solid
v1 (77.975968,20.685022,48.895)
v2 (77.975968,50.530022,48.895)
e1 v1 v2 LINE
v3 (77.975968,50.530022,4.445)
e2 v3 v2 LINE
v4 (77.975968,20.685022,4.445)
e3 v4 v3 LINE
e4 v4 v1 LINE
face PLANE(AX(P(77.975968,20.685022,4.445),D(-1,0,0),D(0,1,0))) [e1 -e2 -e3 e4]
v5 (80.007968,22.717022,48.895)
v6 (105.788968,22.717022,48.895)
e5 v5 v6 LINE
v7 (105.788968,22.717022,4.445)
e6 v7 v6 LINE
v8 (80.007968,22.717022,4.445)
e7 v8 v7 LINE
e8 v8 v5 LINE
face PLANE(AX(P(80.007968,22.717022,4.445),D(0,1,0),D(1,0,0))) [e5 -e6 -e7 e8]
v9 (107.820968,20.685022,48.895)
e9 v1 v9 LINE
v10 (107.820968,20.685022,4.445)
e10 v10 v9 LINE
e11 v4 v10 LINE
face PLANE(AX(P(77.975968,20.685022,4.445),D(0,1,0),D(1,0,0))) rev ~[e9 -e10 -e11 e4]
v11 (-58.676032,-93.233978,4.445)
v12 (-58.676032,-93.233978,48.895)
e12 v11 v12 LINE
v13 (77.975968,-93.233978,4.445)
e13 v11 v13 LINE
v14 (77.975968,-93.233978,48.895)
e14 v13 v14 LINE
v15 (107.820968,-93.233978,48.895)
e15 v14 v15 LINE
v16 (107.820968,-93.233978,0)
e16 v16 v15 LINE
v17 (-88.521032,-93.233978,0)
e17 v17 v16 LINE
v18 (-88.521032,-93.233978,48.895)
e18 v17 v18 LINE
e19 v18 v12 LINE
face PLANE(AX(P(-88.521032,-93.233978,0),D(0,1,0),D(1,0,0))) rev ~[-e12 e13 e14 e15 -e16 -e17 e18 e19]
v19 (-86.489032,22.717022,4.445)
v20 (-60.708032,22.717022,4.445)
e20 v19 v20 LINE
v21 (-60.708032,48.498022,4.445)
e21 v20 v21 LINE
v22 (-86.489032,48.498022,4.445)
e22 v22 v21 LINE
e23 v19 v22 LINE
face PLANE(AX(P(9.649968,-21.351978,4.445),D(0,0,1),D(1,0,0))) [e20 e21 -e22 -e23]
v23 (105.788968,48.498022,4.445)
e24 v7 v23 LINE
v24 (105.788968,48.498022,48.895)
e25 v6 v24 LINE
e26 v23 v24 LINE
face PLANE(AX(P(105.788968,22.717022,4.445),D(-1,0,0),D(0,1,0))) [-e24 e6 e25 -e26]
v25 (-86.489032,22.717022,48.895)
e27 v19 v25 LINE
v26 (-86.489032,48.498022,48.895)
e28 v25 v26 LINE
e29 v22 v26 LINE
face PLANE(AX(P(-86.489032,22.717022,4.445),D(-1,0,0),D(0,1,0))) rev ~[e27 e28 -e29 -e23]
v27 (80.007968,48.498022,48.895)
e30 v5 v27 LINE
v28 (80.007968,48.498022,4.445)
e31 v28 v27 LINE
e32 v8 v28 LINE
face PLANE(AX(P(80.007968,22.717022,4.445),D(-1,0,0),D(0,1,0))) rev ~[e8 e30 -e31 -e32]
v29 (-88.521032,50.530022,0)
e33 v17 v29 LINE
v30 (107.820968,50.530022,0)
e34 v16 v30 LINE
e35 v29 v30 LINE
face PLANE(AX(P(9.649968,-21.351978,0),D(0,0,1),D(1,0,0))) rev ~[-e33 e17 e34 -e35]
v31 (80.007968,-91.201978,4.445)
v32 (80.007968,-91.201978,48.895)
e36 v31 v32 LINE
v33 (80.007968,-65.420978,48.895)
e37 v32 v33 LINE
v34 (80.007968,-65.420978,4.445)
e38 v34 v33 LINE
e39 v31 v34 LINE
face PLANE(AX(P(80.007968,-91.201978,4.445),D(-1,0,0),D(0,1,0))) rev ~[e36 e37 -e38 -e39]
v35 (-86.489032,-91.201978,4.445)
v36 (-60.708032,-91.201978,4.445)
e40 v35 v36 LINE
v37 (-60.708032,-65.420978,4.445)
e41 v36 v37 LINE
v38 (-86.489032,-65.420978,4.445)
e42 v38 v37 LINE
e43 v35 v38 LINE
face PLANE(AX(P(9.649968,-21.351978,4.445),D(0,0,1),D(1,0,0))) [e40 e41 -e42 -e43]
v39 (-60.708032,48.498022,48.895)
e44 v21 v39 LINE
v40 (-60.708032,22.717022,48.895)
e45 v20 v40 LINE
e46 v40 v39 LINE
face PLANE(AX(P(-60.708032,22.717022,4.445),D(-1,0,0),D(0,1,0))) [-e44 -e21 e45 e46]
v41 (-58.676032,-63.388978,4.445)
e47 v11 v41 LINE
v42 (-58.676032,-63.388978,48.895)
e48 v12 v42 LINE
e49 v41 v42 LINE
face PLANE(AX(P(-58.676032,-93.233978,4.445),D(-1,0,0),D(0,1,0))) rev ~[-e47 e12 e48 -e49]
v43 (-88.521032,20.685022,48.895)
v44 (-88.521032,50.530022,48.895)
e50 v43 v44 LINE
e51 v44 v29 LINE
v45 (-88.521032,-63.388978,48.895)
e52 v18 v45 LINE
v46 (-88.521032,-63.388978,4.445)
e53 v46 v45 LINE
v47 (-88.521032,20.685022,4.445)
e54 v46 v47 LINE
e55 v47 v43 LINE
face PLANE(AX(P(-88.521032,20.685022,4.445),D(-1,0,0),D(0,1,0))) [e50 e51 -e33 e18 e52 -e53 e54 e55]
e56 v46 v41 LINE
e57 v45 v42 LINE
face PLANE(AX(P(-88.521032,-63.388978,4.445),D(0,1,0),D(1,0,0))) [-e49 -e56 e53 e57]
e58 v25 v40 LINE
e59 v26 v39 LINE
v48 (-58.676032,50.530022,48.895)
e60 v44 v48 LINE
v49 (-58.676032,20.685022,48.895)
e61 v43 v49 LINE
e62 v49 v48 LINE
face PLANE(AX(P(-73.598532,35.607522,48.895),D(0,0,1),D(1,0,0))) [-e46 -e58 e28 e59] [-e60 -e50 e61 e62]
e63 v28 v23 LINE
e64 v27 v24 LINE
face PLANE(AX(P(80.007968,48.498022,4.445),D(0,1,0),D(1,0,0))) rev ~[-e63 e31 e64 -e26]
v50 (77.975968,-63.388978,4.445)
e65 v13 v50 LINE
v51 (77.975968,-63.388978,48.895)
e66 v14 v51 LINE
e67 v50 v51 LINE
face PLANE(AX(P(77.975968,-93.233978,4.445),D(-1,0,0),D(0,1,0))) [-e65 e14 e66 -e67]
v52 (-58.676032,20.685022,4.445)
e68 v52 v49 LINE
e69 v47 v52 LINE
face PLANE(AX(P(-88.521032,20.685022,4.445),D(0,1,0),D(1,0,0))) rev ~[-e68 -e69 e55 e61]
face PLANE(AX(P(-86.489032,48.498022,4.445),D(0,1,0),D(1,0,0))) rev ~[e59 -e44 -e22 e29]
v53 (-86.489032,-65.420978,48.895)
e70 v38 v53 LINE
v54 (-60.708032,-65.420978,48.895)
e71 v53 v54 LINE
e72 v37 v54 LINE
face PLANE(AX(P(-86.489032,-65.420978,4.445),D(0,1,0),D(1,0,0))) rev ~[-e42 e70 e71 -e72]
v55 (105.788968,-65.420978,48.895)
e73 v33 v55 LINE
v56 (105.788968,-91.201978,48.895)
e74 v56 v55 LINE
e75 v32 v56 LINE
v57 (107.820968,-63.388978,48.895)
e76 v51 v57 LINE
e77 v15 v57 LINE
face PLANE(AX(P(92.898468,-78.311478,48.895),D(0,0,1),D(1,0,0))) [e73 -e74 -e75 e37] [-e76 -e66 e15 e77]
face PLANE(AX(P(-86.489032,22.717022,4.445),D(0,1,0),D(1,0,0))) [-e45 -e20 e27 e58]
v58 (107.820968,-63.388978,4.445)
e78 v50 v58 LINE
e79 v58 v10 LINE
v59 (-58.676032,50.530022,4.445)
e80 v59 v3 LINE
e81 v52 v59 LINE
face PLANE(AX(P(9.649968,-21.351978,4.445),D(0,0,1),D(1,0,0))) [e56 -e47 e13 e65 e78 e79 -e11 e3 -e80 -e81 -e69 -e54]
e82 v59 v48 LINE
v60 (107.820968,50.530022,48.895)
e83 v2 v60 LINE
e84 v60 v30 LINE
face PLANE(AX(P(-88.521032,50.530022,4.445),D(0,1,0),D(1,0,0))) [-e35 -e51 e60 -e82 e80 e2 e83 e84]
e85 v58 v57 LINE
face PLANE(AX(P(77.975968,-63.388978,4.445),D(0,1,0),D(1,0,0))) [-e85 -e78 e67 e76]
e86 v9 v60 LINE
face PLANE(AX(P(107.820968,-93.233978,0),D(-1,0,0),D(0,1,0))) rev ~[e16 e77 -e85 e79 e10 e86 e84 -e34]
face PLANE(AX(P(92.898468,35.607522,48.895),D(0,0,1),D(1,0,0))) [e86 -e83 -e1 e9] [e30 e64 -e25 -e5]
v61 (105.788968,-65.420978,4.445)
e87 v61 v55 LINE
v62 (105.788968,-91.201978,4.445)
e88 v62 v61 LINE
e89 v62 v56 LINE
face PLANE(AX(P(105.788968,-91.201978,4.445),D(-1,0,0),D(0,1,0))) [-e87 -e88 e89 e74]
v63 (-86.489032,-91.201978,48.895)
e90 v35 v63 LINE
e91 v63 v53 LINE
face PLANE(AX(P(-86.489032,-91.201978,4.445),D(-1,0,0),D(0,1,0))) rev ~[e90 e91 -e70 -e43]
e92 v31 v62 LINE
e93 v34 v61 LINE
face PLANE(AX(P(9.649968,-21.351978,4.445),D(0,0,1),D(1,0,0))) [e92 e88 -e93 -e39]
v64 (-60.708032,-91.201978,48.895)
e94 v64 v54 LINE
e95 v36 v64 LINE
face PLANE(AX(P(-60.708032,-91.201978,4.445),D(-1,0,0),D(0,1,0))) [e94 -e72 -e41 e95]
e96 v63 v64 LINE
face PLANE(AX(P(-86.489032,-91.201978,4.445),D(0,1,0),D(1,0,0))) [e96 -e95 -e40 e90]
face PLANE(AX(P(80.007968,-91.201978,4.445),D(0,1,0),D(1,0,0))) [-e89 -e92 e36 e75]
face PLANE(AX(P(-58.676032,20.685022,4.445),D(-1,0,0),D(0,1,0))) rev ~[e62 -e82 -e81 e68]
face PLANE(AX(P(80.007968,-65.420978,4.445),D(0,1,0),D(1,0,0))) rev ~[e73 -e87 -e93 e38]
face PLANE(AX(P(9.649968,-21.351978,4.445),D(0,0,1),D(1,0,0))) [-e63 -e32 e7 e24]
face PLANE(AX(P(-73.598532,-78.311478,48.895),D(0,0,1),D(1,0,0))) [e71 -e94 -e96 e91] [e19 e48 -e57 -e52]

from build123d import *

# Parameters (mm, degrees)
F0_W     = 196.342
F0_H     = 143.764
F1_DEPTH = 4.445
F2_W     = 29.845
F2_H     = 29.845
F2_W_2   = 25.781
F2_H_2   = 25.781
F3_DEPTH = 44.45


with BuildPart() as f1:
    # F0 (on Top) → F1 (new body)
    with BuildSketch(Plane.XY):
        with Locations((9.649968, -21.351978)):
            Rectangle(F0_W, F0_H)
    extrude(amount=F1_DEPTH)

    # F2 (on face) → F3 (join)
    with BuildSketch(Plane.XY.offset(4.445)):
        with Locations((-73.598532, 35.607522)):
            Rectangle(F2_W, F2_H)
        with Locations((-73.598532, 35.607522)):
            Rectangle(F2_W_2, F2_H_2, mode=Mode.SUBTRACT)
        with Locations((92.898468, 35.607522)):
            Rectangle(F2_W, F2_H)
        with Locations((92.898468, 35.607522)):
            Rectangle(F2_W_2, F2_H_2, mode=Mode.SUBTRACT)
        with Locations((92.898468, -78.311478)):
            Rectangle(F2_W, F2_H)
        with Locations((92.898468, -78.311478)):
            Rectangle(F2_W_2, F2_H_2, mode=Mode.SUBTRACT)
        with Locations((-73.598532, -78.311478)):
            Rectangle(F2_W, F2_H)
        with Locations((-73.598532, -78.311478)):
            Rectangle(F2_W_2, F2_H_2, mode=Mode.SUBTRACT)
    extrude(amount=F3_DEPTH)


solid = f1.part
